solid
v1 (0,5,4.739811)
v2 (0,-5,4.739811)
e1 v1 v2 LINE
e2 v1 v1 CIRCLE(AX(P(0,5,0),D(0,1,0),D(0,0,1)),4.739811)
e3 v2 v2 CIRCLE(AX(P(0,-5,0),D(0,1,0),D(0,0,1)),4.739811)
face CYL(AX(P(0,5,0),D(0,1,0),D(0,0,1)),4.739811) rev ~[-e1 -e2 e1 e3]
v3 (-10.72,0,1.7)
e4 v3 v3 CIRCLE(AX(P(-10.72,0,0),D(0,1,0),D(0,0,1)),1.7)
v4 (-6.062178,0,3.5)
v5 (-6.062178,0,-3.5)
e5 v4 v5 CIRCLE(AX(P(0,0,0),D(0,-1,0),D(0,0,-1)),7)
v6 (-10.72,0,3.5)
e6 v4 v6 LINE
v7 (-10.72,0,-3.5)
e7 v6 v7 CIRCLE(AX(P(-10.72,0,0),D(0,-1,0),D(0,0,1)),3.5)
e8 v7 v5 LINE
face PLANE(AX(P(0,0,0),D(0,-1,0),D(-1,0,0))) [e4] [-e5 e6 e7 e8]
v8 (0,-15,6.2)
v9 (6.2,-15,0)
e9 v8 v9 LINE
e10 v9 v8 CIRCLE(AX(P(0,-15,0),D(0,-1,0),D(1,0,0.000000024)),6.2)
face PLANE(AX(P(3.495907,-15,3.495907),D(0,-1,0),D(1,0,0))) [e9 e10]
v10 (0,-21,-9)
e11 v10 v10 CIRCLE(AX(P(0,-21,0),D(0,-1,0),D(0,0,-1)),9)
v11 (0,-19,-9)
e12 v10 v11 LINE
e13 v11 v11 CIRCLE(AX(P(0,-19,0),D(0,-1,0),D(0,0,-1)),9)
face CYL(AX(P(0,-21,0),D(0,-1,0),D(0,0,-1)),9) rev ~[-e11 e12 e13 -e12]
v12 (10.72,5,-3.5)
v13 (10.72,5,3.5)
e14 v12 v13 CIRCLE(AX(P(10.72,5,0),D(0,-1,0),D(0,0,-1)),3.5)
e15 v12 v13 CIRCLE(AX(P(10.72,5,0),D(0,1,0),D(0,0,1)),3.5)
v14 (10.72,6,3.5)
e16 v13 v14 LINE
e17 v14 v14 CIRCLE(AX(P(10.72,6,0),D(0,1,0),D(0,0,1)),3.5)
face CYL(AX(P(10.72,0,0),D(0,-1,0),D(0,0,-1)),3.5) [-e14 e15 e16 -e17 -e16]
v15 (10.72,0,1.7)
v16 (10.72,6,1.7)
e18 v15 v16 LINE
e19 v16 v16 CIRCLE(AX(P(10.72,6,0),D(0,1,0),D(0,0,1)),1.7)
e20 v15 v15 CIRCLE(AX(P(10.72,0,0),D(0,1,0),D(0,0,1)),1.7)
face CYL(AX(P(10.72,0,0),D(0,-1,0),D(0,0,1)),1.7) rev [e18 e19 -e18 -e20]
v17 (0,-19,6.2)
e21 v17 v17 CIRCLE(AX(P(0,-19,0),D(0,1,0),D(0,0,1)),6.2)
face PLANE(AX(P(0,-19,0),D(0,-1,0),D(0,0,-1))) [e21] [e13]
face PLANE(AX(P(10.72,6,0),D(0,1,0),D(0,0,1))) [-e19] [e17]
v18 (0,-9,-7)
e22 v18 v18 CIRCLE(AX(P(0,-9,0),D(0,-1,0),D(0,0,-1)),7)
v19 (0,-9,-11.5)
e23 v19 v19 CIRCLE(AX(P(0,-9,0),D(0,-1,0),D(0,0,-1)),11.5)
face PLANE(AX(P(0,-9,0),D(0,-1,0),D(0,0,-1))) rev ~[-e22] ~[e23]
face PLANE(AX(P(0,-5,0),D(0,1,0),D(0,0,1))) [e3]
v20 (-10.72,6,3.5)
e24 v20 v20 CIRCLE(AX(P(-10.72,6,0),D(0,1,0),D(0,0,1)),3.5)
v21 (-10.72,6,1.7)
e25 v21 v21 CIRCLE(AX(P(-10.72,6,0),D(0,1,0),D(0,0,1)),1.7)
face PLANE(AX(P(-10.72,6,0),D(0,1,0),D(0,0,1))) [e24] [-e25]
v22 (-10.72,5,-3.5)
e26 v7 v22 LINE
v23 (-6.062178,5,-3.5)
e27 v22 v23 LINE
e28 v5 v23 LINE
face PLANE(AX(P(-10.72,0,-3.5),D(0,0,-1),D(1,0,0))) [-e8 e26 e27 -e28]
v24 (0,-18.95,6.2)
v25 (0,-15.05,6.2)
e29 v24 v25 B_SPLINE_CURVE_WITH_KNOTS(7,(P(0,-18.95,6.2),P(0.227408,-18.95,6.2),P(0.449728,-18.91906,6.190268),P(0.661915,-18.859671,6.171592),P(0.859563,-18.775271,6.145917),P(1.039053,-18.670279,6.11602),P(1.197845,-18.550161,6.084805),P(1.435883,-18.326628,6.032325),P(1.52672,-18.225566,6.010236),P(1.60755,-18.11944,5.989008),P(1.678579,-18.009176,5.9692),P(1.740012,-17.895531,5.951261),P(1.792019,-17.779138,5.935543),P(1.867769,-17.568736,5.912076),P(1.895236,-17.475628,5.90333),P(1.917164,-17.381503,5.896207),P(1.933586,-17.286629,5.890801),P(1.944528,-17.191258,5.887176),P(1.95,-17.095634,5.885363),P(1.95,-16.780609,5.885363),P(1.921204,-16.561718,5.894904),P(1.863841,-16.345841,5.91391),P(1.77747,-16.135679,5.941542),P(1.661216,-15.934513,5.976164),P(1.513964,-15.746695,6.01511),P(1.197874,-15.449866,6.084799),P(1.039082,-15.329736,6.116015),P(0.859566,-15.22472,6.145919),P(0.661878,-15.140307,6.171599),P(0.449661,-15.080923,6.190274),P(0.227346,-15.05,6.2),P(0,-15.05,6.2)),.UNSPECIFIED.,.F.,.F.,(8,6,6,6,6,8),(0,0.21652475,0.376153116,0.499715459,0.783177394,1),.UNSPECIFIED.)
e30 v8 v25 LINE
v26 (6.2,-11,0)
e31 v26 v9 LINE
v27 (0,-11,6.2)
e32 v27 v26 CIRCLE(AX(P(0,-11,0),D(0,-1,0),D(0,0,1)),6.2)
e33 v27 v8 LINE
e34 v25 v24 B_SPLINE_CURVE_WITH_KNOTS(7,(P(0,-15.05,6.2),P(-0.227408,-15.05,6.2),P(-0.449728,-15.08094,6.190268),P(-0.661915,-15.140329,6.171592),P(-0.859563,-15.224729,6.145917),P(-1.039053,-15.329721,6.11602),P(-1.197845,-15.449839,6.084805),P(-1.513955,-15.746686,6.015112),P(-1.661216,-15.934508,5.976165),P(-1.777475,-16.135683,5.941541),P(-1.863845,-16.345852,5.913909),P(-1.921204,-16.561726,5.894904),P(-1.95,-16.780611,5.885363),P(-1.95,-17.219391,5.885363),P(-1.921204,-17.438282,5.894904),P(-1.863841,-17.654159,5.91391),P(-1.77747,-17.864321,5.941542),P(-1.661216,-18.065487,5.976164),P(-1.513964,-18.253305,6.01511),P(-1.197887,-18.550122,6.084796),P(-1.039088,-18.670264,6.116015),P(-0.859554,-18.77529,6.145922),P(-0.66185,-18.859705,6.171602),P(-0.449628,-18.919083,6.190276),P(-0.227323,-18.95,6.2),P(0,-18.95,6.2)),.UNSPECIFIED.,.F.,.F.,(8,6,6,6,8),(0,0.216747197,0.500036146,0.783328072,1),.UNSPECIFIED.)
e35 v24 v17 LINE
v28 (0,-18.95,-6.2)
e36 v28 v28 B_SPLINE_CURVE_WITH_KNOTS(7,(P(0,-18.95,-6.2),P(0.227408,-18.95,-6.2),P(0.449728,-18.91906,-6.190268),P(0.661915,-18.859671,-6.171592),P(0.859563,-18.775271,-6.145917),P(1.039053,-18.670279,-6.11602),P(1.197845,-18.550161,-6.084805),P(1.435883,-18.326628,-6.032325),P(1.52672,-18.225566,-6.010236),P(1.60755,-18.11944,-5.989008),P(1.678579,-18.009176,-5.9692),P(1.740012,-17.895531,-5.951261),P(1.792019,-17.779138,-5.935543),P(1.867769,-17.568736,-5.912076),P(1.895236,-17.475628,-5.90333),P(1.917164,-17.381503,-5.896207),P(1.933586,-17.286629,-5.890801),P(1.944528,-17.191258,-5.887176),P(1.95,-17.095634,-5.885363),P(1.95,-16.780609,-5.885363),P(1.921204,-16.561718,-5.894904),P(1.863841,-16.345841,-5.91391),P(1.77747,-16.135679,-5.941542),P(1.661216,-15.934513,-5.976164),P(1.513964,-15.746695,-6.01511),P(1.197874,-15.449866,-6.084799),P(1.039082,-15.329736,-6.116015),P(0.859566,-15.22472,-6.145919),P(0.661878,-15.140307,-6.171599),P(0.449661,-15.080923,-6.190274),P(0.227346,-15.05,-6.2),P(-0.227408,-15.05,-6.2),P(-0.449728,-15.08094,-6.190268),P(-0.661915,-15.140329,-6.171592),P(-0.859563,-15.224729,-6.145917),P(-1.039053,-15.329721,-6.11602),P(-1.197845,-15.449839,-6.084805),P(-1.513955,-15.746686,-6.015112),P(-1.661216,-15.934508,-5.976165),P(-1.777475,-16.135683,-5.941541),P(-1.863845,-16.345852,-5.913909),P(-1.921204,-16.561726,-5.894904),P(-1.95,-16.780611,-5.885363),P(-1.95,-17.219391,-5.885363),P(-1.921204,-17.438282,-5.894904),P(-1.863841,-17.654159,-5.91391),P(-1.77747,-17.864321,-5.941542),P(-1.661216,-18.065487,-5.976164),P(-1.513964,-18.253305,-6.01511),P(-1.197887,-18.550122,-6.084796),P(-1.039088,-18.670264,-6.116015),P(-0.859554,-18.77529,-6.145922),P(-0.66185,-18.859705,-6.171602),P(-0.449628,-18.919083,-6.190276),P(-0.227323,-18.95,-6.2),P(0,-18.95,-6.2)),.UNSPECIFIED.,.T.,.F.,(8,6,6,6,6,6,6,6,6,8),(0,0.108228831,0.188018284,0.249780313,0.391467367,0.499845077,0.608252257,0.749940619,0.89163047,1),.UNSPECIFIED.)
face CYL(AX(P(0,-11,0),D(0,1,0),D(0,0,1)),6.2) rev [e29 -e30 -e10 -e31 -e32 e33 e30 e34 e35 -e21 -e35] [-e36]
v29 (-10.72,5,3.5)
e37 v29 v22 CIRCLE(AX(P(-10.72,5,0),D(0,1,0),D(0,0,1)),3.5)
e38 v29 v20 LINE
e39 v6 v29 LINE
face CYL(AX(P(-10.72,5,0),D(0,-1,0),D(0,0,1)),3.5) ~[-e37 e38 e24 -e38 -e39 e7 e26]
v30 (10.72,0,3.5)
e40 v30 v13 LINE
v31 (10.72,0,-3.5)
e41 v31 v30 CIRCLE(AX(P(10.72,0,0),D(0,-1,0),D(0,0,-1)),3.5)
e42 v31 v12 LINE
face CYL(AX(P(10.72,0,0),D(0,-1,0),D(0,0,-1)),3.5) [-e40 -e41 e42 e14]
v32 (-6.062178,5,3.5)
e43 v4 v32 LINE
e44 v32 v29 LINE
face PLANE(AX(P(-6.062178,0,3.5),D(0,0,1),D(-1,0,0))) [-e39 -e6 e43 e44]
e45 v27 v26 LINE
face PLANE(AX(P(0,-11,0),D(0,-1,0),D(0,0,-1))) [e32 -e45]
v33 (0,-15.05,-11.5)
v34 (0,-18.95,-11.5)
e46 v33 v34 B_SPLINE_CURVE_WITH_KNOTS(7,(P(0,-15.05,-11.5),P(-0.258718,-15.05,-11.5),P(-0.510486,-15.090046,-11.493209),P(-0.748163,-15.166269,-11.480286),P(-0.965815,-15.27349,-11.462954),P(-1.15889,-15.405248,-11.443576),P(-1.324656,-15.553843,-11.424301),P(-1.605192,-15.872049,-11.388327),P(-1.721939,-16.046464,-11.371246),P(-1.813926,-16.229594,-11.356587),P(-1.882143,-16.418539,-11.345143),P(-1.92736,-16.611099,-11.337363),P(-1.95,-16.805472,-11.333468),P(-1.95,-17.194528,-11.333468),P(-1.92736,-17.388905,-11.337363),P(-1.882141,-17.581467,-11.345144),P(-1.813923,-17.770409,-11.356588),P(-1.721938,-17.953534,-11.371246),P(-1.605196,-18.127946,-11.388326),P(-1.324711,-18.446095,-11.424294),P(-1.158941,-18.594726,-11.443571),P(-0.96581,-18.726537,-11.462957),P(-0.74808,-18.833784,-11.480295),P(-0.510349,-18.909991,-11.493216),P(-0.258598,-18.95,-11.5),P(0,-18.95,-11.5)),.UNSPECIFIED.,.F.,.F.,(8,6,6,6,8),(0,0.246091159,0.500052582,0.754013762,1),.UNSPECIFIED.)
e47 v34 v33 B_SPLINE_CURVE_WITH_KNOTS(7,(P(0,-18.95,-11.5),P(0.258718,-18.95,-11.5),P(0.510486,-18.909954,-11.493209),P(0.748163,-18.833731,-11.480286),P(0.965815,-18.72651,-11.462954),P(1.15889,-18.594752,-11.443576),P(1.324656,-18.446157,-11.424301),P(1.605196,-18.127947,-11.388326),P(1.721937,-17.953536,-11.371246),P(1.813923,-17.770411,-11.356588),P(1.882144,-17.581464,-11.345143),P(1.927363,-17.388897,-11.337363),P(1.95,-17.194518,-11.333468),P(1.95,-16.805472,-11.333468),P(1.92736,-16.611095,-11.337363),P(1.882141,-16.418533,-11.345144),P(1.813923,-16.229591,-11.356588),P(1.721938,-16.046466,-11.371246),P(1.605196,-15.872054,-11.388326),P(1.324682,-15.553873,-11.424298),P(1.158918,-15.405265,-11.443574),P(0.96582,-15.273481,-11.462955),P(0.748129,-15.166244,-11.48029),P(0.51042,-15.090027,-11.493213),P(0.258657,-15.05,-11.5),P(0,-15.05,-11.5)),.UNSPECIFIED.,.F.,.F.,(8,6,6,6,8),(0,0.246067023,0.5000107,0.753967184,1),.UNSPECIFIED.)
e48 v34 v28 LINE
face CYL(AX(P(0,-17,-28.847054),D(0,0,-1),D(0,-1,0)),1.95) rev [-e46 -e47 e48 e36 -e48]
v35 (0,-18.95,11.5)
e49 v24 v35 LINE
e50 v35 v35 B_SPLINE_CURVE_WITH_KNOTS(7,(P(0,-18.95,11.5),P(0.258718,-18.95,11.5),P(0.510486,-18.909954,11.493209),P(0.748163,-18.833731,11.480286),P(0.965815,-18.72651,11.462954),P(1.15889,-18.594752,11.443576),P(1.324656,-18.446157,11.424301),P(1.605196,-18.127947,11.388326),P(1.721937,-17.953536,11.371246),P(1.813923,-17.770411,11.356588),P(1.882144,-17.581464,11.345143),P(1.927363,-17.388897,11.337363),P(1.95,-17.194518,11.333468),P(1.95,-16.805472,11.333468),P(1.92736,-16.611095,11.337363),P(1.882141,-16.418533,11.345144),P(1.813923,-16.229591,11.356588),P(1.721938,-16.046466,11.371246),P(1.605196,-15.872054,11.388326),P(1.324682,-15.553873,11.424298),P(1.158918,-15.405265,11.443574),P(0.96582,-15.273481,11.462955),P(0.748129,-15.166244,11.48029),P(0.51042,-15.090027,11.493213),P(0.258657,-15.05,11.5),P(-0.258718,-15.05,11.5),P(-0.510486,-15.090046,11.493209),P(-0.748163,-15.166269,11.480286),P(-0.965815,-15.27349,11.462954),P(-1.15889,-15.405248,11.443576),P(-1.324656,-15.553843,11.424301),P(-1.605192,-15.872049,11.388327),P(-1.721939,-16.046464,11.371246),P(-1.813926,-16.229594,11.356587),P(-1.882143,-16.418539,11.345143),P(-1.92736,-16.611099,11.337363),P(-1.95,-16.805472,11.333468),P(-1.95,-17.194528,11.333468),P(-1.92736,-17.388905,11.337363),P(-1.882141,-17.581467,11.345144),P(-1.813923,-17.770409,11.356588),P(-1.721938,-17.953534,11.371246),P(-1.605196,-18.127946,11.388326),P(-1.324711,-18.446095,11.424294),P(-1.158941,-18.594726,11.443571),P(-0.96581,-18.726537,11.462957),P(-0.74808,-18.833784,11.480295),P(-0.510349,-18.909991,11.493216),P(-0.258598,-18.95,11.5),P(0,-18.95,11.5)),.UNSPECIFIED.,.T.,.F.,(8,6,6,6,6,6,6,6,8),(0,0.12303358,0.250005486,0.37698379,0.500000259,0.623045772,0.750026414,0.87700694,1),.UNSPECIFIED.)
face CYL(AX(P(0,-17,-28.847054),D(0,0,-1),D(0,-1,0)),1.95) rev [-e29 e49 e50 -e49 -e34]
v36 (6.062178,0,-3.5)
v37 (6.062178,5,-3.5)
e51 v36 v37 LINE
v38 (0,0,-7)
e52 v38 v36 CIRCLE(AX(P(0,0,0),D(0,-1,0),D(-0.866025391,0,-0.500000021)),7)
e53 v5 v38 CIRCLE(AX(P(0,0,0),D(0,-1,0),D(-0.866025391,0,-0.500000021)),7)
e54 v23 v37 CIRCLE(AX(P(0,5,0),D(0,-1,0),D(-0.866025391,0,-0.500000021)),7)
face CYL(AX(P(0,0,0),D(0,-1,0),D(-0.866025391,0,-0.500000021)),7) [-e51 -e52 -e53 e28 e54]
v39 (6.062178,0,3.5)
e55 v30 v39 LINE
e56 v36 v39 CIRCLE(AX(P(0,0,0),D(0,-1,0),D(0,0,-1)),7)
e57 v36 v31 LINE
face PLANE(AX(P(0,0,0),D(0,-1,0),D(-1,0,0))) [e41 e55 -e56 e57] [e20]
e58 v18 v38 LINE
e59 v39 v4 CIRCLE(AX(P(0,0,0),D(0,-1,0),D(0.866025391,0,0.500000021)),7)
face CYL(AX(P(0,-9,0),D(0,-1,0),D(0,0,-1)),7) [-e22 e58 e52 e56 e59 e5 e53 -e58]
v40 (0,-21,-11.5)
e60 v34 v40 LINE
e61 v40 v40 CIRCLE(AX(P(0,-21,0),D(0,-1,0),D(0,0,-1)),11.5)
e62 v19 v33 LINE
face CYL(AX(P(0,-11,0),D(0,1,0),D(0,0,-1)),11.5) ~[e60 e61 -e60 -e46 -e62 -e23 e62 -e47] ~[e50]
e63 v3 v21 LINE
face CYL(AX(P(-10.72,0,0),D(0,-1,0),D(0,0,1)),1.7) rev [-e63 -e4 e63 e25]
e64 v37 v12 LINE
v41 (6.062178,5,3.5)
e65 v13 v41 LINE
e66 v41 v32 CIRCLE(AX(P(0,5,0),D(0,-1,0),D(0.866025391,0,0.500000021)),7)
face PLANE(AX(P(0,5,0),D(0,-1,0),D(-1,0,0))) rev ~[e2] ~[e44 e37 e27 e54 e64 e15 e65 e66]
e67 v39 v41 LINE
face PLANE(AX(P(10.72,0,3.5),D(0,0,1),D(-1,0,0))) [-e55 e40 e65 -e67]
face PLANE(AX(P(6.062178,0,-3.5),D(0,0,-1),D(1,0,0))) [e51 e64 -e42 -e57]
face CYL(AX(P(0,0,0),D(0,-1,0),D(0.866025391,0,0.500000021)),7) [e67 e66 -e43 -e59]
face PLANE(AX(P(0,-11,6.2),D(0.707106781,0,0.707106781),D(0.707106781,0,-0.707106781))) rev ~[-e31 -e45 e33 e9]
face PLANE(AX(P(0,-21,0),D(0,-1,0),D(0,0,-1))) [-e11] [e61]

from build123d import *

# Parameters (mm, degrees)
ESQUISSE1_R                  = 1.7
BOSS_EXTRU_1_DEPTH           = 5
ESQUISSE2_R                  = 3.5
ESQUISSE2_R_2                = 1.7
BOSS_EXTRU_2_DEPTH           = 1
BOSS_EXTRU_3_START           = 9
ESQUISSE5_R                  = 7
BOSS_EXTRU_3_DEPTH           = 9
ESQUISSE6_R                  = 11.5
BOSS_EXTRU_4_DEPTH           = 2
ESQUISSE7_R                  = 4.739811
ENL_V_MAT_EXTRU_1_DEPTH      = 10
ESQUISSE8_R                  = 11.5
ESQUISSE8_R_2                = 6.75
BOSS_EXTRU_5_DEPTH           = 10
ESQUISSE10_R                 = 6.9395
ESQUISSE10_R_2               = 6.2
BOSS_EXTRU_6_DEPTH           = 10
ENL_V_MAT_EXTRU_2_DEPTH      = 28.847054
ENL_V_MAT_EXTRU_2_DEPTH_BACK = 28.847054
ESQUISSE9_R                  = 1.95
BOSS_EXTRU_7_DEPTH           = 4
ESQUISSE12_R                 = 9
ENL_V_MAT_EXTRU_3_DEPTH      = 2


with BuildPart() as part:
    # Esquisse1 → Boss.-Extru.1 (new body)
    with BuildSketch(Plane(origin=(0, 0, 0), x_dir=(1, 0, 0), z_dir=(0, 1, 0))):
        with BuildLine():
            Line((-10.72, 3.5), (-6.062178, 3.5))
            ThreePointArc((-6.062178, 3.5), (0, 7), (6.062178, 3.5))
            Line((6.062178, 3.5), (10.72, 3.5))
            ThreePointArc((10.72, 3.5), (14.22, 0), (10.72, -3.5))
            Line((10.72, -3.5), (6.062178, -3.5))
            ThreePointArc((6.062178, -3.5), (0, -7), (-6.062178, -3.5))
            Line((-6.062178, -3.5), (-10.72, -3.5))
            ThreePointArc((-10.72, -3.5), (-14.22, 0), (-10.72, 3.5))
        make_face()
        with Locations(Location((10.72, 0, 0), (0, 0, 270))):
            Circle(ESQUISSE1_R, mode=Mode.SUBTRACT)
        with Locations(Location((-10.72, 0, 0), (0, 0, 270))):
            Circle(ESQUISSE1_R, mode=Mode.SUBTRACT)
    extrude(amount=BOSS_EXTRU_1_DEPTH)

    # Esquisse2 → Boss.-Extru.2 (add)
    # profile 1 of 2: a face of its own
    with BuildSketch(Plane(origin=(0, 5, 0), x_dir=(1, 0, 0), z_dir=(0, 1, 0))):
        with Locations(Location((-10.72, 0, 0), (0, 0, 270))):
            Circle(ESQUISSE2_R)
        with Locations(Location((-10.72, 0, 0), (0, 0, 270))):
            Circle(ESQUISSE2_R_2, mode=Mode.SUBTRACT)
    # profile 2 of 2: a face of its own
    with BuildSketch(Plane(origin=(0, 5, 0), x_dir=(1, 0, 0), z_dir=(0, 1, 0))):
        with Locations(Location((10.72, 0, 0), (0, 0, 270))):
            Circle(ESQUISSE2_R)
        with Locations(Location((10.72, 0, 0), (0, 0, 270))):
            Circle(ESQUISSE2_R_2, mode=Mode.SUBTRACT)
    extrude(amount=BOSS_EXTRU_2_DEPTH)

    # Esquisse5 → Boss.-Extru.3 (add)
    with BuildSketch(Plane.XZ.offset(BOSS_EXTRU_3_START)):
        with Locations(Location((0, 0, 0), (0, 0, 270))):
            Circle(ESQUISSE5_R)
    extrude(amount=-BOSS_EXTRU_3_DEPTH)

    # Esquisse6 → Boss.-Extru.4 (add)
    with BuildSketch(Plane.XZ.offset(9)):
        with Locations(Location((0, 0, 0), (0, 0, 270))):
            Circle(ESQUISSE6_R)
    extrude(amount=BOSS_EXTRU_4_DEPTH)

    # Esquisse7 → Enlèv. mat.-Extru.1 (cut)
    with BuildSketch(Plane(origin=(0, 5, 0), x_dir=(1, 0, 0), z_dir=(0, 1, 0))):
        with Locations(Location((0, 0, 0), (0, 0, 270))):
            Circle(ESQUISSE7_R)
    extrude(amount=-ENL_V_MAT_EXTRU_1_DEPTH, mode=Mode.SUBTRACT)

    # Esquisse8 → Boss.-Extru.5 (add)
    with BuildSketch(Plane.XZ.offset(11)):
        with Locations(Location((0, 0, 0), (0, 0, 270))):
            Circle(ESQUISSE8_R)
        with Locations(Location((0, 0, 0), (0, 0, 270))):
            Circle(ESQUISSE8_R_2, mode=Mode.SUBTRACT)
    extrude(amount=BOSS_EXTRU_5_DEPTH)

    # Esquisse10 → Boss.-Extru.6 (add)
    with BuildSketch(Plane.XZ.offset(11)):
        Circle(ESQUISSE10_R)
        with Locations(Location((0, 0, 0), (0, 0, 90))):
            Circle(ESQUISSE10_R_2, mode=Mode.SUBTRACT)
    extrude(amount=BOSS_EXTRU_6_DEPTH)

    # Esquisse9 → Enlèv. mat.-Extru.2 (cut, two sides: drawn at the far end of the back side and taken through both)
    with BuildSketch(Plane.XY.offset(-ENL_V_MAT_EXTRU_2_DEPTH_BACK)):
        with Locations(Location((0, -17, 0), (0, 0, 270))):
            Circle(ESQUISSE9_R)
    extrude(amount=ENL_V_MAT_EXTRU_2_DEPTH + ENL_V_MAT_EXTRU_2_DEPTH_BACK, mode=Mode.SUBTRACT)

    # Esquisse11 → Boss.-Extru.7 (add)
    with BuildSketch(Plane.XZ.offset(11)):
        with BuildLine():
            Line((0, 6.2), (6.2, 0))
            ThreePointArc((6.2, 0), (4.384062, 4.384062), (0, 6.2))
        make_face()
    extrude(amount=BOSS_EXTRU_7_DEPTH)

    # Esquisse12 → Enlèv. mat.-Extru.3 (cut)
    with BuildSketch(Plane.XZ.offset(21)):
        with Locations(Location((0, 0, 0), (0, 0, 270))):
            Circle(ESQUISSE12_R)
    extrude(amount=-ENL_V_MAT_EXTRU_3_DEPTH, mode=Mode.SUBTRACT)


solid = part.part
